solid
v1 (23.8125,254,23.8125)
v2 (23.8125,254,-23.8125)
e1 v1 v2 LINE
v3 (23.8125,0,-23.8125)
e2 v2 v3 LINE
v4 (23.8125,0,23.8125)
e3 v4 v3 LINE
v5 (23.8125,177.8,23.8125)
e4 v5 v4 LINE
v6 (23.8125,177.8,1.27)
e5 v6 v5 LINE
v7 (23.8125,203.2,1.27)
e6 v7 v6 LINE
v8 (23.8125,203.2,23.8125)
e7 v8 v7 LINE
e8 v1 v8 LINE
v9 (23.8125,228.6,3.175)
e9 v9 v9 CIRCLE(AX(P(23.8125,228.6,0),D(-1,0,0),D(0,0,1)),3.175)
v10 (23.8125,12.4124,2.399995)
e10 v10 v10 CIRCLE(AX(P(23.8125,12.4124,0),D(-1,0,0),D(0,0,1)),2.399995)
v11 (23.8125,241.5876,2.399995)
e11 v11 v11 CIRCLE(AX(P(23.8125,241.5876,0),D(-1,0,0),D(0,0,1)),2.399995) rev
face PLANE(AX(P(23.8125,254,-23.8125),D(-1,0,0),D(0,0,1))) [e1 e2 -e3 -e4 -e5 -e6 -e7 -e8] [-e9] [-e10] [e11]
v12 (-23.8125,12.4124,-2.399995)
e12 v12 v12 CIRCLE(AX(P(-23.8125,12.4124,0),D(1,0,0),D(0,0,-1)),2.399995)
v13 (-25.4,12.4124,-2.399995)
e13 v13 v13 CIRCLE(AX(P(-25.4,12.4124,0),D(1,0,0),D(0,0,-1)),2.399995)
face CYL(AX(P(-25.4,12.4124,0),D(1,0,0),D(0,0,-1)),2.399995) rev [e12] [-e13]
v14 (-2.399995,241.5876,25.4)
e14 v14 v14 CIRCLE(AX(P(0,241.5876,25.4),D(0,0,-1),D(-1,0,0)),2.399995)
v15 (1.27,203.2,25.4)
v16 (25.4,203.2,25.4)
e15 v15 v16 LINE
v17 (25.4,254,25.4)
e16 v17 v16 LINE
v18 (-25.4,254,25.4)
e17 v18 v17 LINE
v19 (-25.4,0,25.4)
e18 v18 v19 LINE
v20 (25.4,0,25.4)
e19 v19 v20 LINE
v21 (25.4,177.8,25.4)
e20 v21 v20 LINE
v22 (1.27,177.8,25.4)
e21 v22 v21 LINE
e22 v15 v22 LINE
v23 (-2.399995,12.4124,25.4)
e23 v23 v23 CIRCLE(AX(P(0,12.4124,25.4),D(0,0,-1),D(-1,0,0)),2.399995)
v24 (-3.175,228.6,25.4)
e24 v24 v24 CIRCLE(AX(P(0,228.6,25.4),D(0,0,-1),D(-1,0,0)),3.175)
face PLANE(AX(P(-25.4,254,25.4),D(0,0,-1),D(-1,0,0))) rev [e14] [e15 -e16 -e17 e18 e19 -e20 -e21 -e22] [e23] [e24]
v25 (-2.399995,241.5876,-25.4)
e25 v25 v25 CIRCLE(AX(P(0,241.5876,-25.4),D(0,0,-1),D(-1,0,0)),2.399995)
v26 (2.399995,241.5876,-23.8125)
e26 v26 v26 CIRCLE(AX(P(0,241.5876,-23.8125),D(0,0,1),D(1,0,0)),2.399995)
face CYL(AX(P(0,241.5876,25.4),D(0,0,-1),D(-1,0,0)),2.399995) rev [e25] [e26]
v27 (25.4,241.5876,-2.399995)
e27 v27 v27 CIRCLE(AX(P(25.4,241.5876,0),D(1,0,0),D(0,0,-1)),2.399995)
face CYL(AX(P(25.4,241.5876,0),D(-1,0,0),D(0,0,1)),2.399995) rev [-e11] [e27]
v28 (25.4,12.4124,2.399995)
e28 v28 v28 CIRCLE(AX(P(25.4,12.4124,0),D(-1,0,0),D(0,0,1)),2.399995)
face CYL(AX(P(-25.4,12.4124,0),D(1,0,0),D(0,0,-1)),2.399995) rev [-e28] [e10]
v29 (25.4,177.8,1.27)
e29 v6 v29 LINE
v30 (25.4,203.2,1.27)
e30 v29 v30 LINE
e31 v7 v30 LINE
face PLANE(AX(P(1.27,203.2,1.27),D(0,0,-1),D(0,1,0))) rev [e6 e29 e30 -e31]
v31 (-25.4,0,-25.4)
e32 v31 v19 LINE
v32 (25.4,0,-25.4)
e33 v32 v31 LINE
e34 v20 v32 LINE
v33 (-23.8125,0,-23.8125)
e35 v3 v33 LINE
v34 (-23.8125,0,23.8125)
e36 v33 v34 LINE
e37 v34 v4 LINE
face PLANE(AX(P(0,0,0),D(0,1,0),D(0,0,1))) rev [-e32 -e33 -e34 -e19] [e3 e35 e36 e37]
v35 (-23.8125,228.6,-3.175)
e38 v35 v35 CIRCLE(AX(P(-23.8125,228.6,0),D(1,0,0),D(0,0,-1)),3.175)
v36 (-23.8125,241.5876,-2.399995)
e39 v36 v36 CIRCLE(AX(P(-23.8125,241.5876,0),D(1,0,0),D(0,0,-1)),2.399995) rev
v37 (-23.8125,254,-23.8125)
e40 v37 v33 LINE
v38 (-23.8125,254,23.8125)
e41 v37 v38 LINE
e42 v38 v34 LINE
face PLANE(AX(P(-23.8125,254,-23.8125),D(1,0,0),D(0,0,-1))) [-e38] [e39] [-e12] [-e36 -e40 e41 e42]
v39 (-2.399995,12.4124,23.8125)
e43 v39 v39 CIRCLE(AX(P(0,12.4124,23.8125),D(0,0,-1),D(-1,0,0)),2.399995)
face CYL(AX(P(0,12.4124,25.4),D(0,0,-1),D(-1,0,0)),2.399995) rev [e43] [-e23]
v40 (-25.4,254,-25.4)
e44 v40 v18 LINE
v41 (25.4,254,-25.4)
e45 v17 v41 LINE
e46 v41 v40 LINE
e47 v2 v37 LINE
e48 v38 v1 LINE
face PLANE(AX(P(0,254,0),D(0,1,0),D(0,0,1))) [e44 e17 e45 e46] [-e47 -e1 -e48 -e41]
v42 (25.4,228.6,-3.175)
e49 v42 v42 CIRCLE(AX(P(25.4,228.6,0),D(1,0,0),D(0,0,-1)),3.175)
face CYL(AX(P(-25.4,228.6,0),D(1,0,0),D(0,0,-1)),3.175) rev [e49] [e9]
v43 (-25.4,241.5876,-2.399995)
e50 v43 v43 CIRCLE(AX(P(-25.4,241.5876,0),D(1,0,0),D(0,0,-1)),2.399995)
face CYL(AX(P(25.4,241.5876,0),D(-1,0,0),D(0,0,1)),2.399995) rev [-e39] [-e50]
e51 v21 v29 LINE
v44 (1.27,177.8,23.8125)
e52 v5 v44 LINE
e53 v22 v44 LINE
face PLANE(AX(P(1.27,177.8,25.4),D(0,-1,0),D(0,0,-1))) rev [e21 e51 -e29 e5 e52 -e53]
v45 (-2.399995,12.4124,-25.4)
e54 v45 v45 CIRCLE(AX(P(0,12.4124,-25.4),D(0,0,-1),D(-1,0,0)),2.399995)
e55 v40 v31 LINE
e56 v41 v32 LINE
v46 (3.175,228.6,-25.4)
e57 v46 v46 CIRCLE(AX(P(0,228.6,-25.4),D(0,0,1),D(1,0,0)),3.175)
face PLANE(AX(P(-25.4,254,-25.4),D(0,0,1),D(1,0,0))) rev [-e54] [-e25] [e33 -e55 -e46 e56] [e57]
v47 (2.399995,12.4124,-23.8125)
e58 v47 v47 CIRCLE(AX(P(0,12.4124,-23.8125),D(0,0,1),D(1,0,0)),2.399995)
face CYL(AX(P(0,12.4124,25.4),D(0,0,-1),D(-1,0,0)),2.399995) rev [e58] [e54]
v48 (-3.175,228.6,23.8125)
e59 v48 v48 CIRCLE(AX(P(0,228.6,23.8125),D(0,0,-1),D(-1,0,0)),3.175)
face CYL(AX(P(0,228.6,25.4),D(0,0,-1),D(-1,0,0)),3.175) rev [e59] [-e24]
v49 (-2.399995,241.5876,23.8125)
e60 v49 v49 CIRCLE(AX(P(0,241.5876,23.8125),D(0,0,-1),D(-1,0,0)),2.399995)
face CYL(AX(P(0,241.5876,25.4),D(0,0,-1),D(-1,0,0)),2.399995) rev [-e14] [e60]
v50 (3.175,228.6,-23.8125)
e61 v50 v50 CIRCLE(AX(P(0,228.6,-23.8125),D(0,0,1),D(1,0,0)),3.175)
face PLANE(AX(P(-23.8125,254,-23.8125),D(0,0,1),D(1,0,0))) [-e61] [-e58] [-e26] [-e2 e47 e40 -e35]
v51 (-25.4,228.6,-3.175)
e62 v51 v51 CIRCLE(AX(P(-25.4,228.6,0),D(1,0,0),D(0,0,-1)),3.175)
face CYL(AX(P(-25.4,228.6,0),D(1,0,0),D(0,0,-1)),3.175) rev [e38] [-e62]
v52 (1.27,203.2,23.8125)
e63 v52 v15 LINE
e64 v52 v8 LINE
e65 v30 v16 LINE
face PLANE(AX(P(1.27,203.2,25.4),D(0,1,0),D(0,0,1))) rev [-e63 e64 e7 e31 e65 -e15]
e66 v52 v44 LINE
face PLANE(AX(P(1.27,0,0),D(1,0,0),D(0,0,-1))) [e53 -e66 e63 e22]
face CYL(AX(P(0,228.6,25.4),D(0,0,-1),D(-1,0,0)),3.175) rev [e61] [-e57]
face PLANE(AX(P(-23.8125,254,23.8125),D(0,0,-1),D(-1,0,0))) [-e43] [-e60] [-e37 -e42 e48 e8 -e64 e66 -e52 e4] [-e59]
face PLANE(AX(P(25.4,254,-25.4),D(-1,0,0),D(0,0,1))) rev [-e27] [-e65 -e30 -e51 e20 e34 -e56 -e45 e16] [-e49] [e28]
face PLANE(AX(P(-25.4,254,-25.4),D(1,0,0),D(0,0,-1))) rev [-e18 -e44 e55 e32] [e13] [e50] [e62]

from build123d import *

# Parameters (mm, degrees)
SKETCH1_W               = 50.8
SKETCH1_H               = 50.8
SKETCH1_W_2             = 47.625
SKETCH1_H_2             = 47.625
BOSS_EXTRUDE1_DEPTH     = 254
SKETCH4_R               = 2.3999952
CUT_EXTRUDE1_DEPTH      = 50.2125
CUT_EXTRUDE1_DEPTH_BACK = 2.5875
SKETCH5_R               = 2.3999952
CUT_EXTRUDE2_DEPTH      = 51.8
SKETCH6_R               = 2.3999952
CUT_EXTRUDE3_DEPTH      = 1
CUT_EXTRUDE3_DEPTH_BACK = 51.8
SKETCH7_R               = 2.3999952
CUT_EXTRUDE4_DEPTH      = 1
CUT_EXTRUDE4_DEPTH_BACK = 51.8
SKETCH8_R               = 3.175
CUT_EXTRUDE5_DEPTH      = 1
CUT_EXTRUDE5_DEPTH_BACK = 51.8
SKETCH9_R               = 3.175
CUT_EXTRUDE6_DEPTH      = 1
CUT_EXTRUDE6_DEPTH_BACK = 51.8
SKETCH10_W              = 24.13
SKETCH10_H              = 25.4
CUT_EXTRUDE7_DEPTH      = 24.13


with BuildPart() as part:
    # Sketch1 → Boss-Extrude1 (new body)
    with BuildSketch(Plane(origin=(0, 0, 0), x_dir=(1, 0, 0), z_dir=(0, 1, 0))):
        Rectangle(SKETCH1_W, SKETCH1_H)
        Rectangle(SKETCH1_W_2, SKETCH1_H_2, mode=Mode.SUBTRACT)
    extrude(amount=BOSS_EXTRUDE1_DEPTH)

    # Sketch4 → Cut-Extrude1 (cut, two sides)
    with BuildSketch(Plane(origin=(-23.8125, 0, 0), x_dir=(0, 0, -1), z_dir=(1, 0, 0))) as cut_extrude1_sk:
        with Locations((0, 241.587599882)):
            Circle(SKETCH4_R)
    extrude(amount=CUT_EXTRUDE1_DEPTH, mode=Mode.SUBTRACT)
    extrude(cut_extrude1_sk.sketch, amount=-CUT_EXTRUDE1_DEPTH_BACK, mode=Mode.SUBTRACT)

    # Sketch5 → Cut-Extrude2 (cut, through all)
    with BuildSketch(Plane(origin=(0, 0, -25.4), x_dir=(-1, 0, 0), z_dir=(0, 0, -1))):
        with Locations((0, 241.587599882)):
            Circle(SKETCH5_R)
    extrude(amount=-CUT_EXTRUDE2_DEPTH, mode=Mode.SUBTRACT)

    # Sketch6 → Cut-Extrude3 (cut, two sides)
    with BuildSketch(Plane(origin=(25.4, 0, 0), x_dir=(0, 0, -1), z_dir=(1, 0, 0))) as cut_extrude3_sk:
        with Locations((0, 12.412400118)):
            Circle(SKETCH6_R)
    extrude(amount=CUT_EXTRUDE3_DEPTH, mode=Mode.SUBTRACT)
    extrude(cut_extrude3_sk.sketch, amount=-CUT_EXTRUDE3_DEPTH_BACK, mode=Mode.SUBTRACT)

    # Sketch7 → Cut-Extrude4 (cut, two sides)
    with BuildSketch(Plane(origin=(0, 0, -25.4), x_dir=(-1, 0, 0), z_dir=(0, 0, -1))) as cut_extrude4_sk:
        with Locations((0, 12.412400118)):
            Circle(SKETCH7_R)
    extrude(amount=CUT_EXTRUDE4_DEPTH, mode=Mode.SUBTRACT)
    extrude(cut_extrude4_sk.sketch, amount=-CUT_EXTRUDE4_DEPTH_BACK, mode=Mode.SUBTRACT)

    # Sketch8 → Cut-Extrude5 (cut, two sides)
    with BuildSketch(Plane(origin=(0, 0, -25.4), x_dir=(-1, 0, 0), z_dir=(0, 0, -1))) as cut_extrude5_sk:
        with Locations((0, 228.6)):
            Circle(SKETCH8_R)
    extrude(amount=CUT_EXTRUDE5_DEPTH, mode=Mode.SUBTRACT)
    extrude(cut_extrude5_sk.sketch, amount=-CUT_EXTRUDE5_DEPTH_BACK, mode=Mode.SUBTRACT)

    # Sketch9 → Cut-Extrude6 (cut, two sides)
    with BuildSketch(Plane(origin=(25.4, 0, 0), x_dir=(0, 0, -1), z_dir=(1, 0, 0))) as cut_extrude6_sk:
        with Locations((0, 228.6)):
            Circle(SKETCH9_R)
    extrude(amount=CUT_EXTRUDE6_DEPTH, mode=Mode.SUBTRACT)
    extrude(cut_extrude6_sk.sketch, amount=-CUT_EXTRUDE6_DEPTH_BACK, mode=Mode.SUBTRACT)

    # Sketch10 → Cut-Extrude7 (cut)
    with BuildSketch(Plane(origin=(25.4, 0, 0), x_dir=(0, 0, -1), z_dir=(1, 0, 0))):
        with Locations((-13.335, 190.5)):
            Rectangle(SKETCH10_W, SKETCH10_H)
    extrude(amount=-CUT_EXTRUDE7_DEPTH, mode=Mode.SUBTRACT)


solid = part.part
